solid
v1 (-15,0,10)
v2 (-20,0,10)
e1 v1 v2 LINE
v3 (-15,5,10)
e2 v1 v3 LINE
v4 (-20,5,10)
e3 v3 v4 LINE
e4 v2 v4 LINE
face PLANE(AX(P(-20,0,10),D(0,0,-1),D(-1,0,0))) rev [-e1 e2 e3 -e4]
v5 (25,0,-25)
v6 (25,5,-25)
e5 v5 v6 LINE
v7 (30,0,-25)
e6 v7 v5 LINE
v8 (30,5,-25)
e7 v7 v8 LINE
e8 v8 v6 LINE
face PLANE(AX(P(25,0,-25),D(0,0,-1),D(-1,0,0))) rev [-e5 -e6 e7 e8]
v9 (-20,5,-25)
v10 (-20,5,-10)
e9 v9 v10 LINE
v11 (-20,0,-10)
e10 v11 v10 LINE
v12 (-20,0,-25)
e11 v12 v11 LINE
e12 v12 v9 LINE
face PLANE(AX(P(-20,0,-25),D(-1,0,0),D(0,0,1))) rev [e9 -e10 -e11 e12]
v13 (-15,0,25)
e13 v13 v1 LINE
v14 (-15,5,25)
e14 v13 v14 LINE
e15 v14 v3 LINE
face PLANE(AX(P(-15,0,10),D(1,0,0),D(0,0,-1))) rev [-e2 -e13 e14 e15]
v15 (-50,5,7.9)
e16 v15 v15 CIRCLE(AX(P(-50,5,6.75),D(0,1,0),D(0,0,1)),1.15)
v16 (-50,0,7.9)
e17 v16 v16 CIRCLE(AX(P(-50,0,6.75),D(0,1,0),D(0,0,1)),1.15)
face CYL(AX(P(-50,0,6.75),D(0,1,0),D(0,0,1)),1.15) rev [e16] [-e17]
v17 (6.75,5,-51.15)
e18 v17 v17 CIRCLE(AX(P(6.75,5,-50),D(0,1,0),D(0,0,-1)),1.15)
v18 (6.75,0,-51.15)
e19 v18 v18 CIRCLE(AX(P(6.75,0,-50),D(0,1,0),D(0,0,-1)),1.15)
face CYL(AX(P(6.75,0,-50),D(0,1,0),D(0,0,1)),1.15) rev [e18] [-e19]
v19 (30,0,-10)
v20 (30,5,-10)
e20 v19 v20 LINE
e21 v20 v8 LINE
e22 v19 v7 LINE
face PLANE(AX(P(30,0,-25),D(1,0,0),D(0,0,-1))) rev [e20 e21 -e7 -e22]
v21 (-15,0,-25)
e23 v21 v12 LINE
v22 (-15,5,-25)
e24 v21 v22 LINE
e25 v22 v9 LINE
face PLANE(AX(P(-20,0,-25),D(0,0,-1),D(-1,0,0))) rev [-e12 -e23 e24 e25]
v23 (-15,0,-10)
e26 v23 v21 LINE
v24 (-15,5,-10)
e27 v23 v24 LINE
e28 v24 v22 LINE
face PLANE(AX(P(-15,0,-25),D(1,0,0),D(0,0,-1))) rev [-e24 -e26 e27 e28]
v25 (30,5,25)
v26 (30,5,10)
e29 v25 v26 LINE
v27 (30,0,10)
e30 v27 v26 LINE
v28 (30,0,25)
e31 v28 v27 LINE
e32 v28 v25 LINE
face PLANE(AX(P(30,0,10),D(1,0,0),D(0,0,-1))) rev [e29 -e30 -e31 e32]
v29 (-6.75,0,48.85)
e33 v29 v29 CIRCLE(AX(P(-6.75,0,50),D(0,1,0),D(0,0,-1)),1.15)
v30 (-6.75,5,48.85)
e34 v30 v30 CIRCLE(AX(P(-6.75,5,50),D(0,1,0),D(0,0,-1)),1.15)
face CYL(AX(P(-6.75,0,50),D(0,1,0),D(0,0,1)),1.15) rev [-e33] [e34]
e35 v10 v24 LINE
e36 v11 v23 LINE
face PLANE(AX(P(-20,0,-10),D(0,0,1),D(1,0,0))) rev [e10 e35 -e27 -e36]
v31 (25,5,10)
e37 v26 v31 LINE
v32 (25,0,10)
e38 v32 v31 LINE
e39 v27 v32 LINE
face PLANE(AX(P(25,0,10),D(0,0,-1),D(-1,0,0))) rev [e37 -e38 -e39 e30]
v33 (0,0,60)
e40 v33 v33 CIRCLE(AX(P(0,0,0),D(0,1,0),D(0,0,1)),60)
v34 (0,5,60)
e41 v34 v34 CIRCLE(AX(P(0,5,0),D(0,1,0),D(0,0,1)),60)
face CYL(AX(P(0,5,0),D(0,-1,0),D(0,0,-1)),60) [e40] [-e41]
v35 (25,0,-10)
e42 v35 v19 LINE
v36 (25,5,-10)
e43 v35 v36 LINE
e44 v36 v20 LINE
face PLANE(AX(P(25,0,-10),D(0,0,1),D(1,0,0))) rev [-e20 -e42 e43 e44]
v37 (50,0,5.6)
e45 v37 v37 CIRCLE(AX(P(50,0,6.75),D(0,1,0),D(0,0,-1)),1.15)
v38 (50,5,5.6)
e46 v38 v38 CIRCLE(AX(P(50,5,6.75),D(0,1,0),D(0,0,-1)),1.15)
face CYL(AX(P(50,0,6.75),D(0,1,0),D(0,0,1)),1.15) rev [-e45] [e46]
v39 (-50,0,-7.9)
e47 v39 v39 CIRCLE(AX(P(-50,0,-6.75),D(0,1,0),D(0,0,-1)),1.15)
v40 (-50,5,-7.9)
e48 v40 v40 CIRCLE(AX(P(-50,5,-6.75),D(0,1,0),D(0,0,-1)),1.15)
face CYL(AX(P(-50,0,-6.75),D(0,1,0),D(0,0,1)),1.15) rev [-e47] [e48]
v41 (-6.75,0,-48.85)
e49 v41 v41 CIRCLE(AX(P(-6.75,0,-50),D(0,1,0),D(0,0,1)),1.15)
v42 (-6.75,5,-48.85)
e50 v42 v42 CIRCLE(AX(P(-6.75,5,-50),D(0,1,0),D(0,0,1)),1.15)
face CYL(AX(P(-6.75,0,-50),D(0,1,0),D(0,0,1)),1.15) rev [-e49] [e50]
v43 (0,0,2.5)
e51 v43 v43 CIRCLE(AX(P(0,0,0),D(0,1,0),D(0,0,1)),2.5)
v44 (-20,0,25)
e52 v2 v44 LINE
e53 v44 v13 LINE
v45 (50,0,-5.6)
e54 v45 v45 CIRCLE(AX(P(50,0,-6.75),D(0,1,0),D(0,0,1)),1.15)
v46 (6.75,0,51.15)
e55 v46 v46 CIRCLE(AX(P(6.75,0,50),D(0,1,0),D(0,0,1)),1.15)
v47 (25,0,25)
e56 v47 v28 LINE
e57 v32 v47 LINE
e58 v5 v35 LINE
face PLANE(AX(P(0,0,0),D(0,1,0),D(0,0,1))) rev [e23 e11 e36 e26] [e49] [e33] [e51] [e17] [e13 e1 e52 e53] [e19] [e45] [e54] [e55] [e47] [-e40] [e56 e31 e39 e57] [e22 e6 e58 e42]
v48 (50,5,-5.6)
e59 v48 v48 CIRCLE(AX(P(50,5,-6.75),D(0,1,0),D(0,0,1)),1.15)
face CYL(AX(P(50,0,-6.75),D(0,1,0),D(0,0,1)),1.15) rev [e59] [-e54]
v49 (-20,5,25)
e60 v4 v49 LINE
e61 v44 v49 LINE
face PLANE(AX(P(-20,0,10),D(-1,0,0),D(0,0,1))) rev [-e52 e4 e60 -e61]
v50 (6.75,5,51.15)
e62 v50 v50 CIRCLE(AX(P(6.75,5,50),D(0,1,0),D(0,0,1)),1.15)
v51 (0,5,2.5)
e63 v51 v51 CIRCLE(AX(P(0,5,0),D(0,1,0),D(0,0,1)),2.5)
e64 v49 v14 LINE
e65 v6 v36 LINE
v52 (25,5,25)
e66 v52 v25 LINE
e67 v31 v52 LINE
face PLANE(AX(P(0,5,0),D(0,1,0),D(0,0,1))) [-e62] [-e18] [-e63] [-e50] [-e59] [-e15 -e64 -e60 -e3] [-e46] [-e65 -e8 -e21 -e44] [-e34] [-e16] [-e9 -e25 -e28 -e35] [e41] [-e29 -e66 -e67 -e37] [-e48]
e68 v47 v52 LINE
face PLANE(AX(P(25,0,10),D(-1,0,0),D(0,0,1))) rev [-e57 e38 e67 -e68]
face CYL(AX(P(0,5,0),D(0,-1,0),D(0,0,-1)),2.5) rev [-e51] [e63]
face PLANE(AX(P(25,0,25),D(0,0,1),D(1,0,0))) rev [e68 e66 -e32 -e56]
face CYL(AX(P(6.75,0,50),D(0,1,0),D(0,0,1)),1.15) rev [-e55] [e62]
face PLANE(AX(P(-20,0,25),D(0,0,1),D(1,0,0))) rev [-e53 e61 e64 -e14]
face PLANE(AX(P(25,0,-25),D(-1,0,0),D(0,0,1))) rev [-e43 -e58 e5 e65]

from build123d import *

# Parameters (mm, degrees)
SKETCH1_R           = 60
SKETCH1_R_2         = 2.5
BOSS_EXTRUDE1_DEPTH = 5
SKETCH4_R           = 1.15
CUT_EXTRUDE1_DEPTH  = 5
SKETCH5_W           = 5
SKETCH5_H           = 15
CUT_EXTRUDE2_DEPTH  = 5
SKETCH6_W           = 5
SKETCH6_H           = 15
CUT_EXTRUDE3_DEPTH  = 5


with BuildPart() as part:
    # Sketch1 → Boss-Extrude1 (new body)
    with BuildSketch(Plane(origin=(0, 0, 0), x_dir=(1, 0, 0), z_dir=(0, 1, 0))):
        with Locations(Location((0, 0, 0), (0, 0, 270))):
            Circle(SKETCH1_R)
        with Locations(Location((0, 0, 0), (0, 0, 270))):
            Circle(SKETCH1_R_2, mode=Mode.SUBTRACT)
    extrude(amount=BOSS_EXTRUDE1_DEPTH)

    # Sketch4 → Cut-Extrude1 (cut)
    with BuildSketch(Plane(origin=(0, 5, 0), x_dir=(1, 0, 0), z_dir=(0, 1, 0))):
        with Locations(Location((-6.75, 50, 0), (0, 0, 270))):
            Circle(SKETCH4_R)
        with Locations(Location((50, 6.75, 0), (0, 0, 270))):
            Circle(SKETCH4_R)
        with Locations(Location((6.75, -50, 0), (0, 0, 270))):
            Circle(SKETCH4_R)
        with Locations(Location((-50, -6.75, 0), (0, 0, 270))):
            Circle(SKETCH4_R)
        with Locations(Location((6.75, 50, 0), (0, 0, 90))):
            Circle(SKETCH4_R)
        with Locations(Location((50, -6.75, 0), (0, 0, 90))):
            Circle(SKETCH4_R)
        with Locations(Location((-6.75, -50, 0), (0, 0, 90))):
            Circle(SKETCH4_R)
        with Locations(Location((-50, 6.75, 0), (0, 0, 90))):
            Circle(SKETCH4_R)
    extrude(amount=-CUT_EXTRUDE1_DEPTH, mode=Mode.SUBTRACT)

    # Sketch5 → Cut-Extrude2 (cut)
    with BuildSketch(Plane(origin=(0, 5, 0), x_dir=(1, 0, 0), z_dir=(0, 1, 0))):
        with Locations((-17.5, 17.5)):
            Rectangle(SKETCH5_W, SKETCH5_H)
        with Locations((-17.5, -17.5)):
            Rectangle(SKETCH5_W, SKETCH5_H)
    extrude(amount=-CUT_EXTRUDE2_DEPTH, mode=Mode.SUBTRACT)

    # Sketch6 → Cut-Extrude3 (cut)
    with BuildSketch(Plane(origin=(0, 5, 0), x_dir=(1, 0, 0), z_dir=(0, 1, 0))):
        with Locations((27.5, 17.5)):
            Rectangle(SKETCH6_W, SKETCH6_H)
        with Locations((27.5, -17.5)):
            Rectangle(SKETCH6_W, SKETCH6_H)
    extrude(amount=-CUT_EXTRUDE3_DEPTH, mode=Mode.SUBTRACT)


solid = part.part
